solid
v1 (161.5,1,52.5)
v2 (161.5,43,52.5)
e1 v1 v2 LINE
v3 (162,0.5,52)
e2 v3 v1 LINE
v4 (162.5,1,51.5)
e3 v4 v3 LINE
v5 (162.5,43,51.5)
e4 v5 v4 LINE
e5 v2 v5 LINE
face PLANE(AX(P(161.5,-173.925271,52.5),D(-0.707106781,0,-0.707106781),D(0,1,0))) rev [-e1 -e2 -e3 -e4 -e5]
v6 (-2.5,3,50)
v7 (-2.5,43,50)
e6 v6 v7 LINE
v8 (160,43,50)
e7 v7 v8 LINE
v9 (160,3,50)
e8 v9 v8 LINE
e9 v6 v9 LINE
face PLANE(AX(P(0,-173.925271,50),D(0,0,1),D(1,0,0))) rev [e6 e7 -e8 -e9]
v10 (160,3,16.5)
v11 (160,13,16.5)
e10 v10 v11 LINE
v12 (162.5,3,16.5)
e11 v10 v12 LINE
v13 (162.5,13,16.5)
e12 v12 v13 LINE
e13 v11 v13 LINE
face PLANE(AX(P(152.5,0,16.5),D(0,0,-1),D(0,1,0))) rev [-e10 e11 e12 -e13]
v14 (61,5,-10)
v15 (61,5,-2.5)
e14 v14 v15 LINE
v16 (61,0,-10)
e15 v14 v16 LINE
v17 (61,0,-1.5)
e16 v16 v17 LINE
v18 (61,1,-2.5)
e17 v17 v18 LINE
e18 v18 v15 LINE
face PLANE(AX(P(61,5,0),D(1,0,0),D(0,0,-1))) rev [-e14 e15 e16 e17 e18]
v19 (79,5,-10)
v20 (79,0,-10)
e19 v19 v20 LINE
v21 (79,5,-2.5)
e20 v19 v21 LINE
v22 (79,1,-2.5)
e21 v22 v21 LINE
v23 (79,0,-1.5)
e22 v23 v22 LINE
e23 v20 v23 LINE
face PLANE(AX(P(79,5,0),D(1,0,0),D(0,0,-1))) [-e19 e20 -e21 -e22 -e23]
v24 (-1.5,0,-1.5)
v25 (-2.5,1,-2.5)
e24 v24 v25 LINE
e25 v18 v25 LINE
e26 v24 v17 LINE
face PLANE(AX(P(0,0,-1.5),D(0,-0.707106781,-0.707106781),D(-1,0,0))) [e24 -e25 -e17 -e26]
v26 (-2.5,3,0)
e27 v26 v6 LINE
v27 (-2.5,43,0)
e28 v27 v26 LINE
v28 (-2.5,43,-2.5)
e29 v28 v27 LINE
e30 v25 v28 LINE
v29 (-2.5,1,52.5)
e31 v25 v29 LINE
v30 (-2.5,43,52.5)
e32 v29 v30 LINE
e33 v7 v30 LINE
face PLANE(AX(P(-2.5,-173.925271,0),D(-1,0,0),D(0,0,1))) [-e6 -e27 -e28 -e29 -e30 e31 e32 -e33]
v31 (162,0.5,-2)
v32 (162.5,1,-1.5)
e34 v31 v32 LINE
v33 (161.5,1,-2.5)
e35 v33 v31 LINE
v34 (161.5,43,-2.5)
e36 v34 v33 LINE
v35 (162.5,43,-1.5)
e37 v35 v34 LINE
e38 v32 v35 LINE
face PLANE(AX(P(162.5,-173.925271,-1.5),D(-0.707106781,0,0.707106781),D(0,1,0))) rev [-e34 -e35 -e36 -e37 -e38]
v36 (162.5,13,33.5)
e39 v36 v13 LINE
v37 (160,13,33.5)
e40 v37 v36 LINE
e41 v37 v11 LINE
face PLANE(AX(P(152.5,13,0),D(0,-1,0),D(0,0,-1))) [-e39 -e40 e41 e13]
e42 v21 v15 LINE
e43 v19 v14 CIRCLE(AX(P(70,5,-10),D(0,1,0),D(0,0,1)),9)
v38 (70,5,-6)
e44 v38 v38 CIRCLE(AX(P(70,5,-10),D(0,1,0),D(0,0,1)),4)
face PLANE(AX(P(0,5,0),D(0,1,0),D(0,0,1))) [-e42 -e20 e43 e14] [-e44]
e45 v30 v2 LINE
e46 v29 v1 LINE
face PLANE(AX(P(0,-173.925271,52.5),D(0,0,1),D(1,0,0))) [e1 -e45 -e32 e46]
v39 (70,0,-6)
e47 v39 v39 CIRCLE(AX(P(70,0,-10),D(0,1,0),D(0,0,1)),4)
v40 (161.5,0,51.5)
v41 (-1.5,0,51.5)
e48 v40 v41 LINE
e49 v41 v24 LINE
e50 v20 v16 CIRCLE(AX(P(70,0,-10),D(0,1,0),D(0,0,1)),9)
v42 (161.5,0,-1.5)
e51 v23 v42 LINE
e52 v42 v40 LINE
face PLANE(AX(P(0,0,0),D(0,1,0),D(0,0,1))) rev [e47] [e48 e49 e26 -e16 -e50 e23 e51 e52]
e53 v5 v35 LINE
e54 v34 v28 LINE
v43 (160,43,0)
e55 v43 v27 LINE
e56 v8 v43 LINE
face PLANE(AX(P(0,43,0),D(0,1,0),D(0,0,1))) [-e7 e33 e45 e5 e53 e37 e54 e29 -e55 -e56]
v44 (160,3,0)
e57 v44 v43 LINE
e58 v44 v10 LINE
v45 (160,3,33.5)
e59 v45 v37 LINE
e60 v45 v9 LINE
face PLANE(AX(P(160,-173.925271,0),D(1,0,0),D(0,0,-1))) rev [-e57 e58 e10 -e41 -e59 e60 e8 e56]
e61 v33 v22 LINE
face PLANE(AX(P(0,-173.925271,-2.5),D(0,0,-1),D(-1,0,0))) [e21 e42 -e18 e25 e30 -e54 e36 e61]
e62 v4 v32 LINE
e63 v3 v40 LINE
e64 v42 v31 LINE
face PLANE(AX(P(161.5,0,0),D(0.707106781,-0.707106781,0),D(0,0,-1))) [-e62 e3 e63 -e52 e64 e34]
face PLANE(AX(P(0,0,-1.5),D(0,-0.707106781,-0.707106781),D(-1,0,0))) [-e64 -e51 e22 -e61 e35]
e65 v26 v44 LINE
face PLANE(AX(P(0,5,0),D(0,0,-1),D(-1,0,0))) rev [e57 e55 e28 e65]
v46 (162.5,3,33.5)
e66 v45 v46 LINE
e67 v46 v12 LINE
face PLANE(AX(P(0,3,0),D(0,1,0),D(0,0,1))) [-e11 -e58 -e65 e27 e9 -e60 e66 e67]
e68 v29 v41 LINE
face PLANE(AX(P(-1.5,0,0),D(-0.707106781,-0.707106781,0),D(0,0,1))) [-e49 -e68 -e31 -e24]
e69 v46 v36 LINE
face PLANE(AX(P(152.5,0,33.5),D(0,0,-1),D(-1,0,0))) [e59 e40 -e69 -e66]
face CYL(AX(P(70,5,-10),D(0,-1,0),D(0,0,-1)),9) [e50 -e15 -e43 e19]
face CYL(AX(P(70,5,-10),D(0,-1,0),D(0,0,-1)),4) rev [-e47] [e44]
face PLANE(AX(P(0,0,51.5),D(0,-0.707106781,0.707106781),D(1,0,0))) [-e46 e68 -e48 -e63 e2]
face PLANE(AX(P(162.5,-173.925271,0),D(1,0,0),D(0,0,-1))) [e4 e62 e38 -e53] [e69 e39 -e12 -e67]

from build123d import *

# Parameters (mm, degrees)
SKETCH_1_W             = 160
SKETCH_1_H             = 50
EXTRUDE_1_DEPTH        = 3
EXTRUDE_1_2_DEPTH      = 40
EXTRUDE_1_2_DEPTH_BACK = 3
SKETCH_3_W             = 165
SKETCH_3_H             = 55
SKETCH_3_W_2           = 160
SKETCH_3_H_2           = 50
SKETCH_4_W             = 50
SKETCH_4_H             = 40
CUT_EXTRUDE_1_DEPTH    = 100
CHAMFER_1_SIZE         = 1
CHAMFER_2_SIZE         = 1
SKETCH_1_4_R           = 4
EXTRUDE_8_DEPTH        = 5
SKETCH_8_W             = 8.5
SKETCH_8_H             = 10
CUT_EXTRUDE_3_DEPTH    = 10


with BuildPart() as part:
    # 草图1 → Extrude 1 (new body)
    with BuildSketch(Plane(origin=(0, 0, 0), x_dir=(1, 0, 0), z_dir=(0, 1, 0))):
        with Locations((80, -25)):
            Rectangle(SKETCH_1_W, SKETCH_1_H)
    extrude(amount=EXTRUDE_1_DEPTH)



with BuildPart() as body_2:
    # 草图3 → Extrude 1 2 (new, two sides: drawn at the far end of the back side and taken through both)
    with BuildSketch(Plane(origin=(0, 3, 0), x_dir=(1, 0, 0), z_dir=(0, 1, 0)).offset(-EXTRUDE_1_2_DEPTH_BACK)):
        with Locations((80, -25)):
            Rectangle(SKETCH_3_W, SKETCH_3_H)
        with Locations((80, -25)):
            Rectangle(SKETCH_3_W_2, SKETCH_3_H_2, mode=Mode.SUBTRACT)
    extrude(amount=EXTRUDE_1_2_DEPTH + EXTRUDE_1_2_DEPTH_BACK)

    # 草图4 → 切除-拉伸1 (cut)
    with BuildSketch(Plane.ZY.offset(2.5)):
        with Locations((25, 23)):
            Rectangle(SKETCH_4_W, SKETCH_4_H)
    extrude(amount=-CUT_EXTRUDE_1_DEPTH, mode=Mode.SUBTRACT)

    # 倒角1
    chamfer_1_edges = [body_2.edges().sort_by_distance(p)[0] for p in [
        (162.5, 0, 25),
        (80, 0, -2.5),
        (-2.5, 0, 25),
        (80, 0, 52.5),
    ]]
    chamfer(chamfer_1_edges, length=CHAMFER_1_SIZE)

    # 倒角2
    chamfer_2_edges = [body_2.edges().sort_by_distance(p)[0] for p in [
        (162.5, 22, -2.5),
        (162.5, 22, 52.5),
    ]]
    chamfer(chamfer_2_edges, length=CHAMFER_2_SIZE)


with BuildPart() as part_1:
    add(part.part)

    add(body_2.part)  # 凸台-拉伸8 merges body 2
    # 草图1<4> → 凸台-拉伸8 (add)
    with BuildSketch(Plane(origin=(0, 0, 0), x_dir=(1, 0, 0), z_dir=(0, 1, 0))):
        with BuildLine():
            Line((61, 10), (61, 0))
            Line((61, 0), (70, 0))
            Line((70, 0), (79, 0))
            Line((79, 0), (79, 10))
            ThreePointArc((79, 10), (70, 19), (61, 10))
        make_face()
        with Locations(Location((70, 10, 0), (0, 0, 270))):
            Circle(SKETCH_1_4_R, mode=Mode.SUBTRACT)
    extrude(amount=EXTRUDE_8_DEPTH)

    # 草图8 → 切除-拉伸3 (cut)
    with BuildSketch(Plane(origin=(162.5, 0, 0), x_dir=(0, 0, -1), z_dir=(1, 0, 0))):
        with Locations((-20.75, 8)):
            Rectangle(SKETCH_8_W, SKETCH_8_H)
        with Locations((-29.25, 8)):
            Rectangle(SKETCH_8_W, SKETCH_8_H)
    extrude(amount=-CUT_EXTRUDE_3_DEPTH, mode=Mode.SUBTRACT)


solid = part_1.part
